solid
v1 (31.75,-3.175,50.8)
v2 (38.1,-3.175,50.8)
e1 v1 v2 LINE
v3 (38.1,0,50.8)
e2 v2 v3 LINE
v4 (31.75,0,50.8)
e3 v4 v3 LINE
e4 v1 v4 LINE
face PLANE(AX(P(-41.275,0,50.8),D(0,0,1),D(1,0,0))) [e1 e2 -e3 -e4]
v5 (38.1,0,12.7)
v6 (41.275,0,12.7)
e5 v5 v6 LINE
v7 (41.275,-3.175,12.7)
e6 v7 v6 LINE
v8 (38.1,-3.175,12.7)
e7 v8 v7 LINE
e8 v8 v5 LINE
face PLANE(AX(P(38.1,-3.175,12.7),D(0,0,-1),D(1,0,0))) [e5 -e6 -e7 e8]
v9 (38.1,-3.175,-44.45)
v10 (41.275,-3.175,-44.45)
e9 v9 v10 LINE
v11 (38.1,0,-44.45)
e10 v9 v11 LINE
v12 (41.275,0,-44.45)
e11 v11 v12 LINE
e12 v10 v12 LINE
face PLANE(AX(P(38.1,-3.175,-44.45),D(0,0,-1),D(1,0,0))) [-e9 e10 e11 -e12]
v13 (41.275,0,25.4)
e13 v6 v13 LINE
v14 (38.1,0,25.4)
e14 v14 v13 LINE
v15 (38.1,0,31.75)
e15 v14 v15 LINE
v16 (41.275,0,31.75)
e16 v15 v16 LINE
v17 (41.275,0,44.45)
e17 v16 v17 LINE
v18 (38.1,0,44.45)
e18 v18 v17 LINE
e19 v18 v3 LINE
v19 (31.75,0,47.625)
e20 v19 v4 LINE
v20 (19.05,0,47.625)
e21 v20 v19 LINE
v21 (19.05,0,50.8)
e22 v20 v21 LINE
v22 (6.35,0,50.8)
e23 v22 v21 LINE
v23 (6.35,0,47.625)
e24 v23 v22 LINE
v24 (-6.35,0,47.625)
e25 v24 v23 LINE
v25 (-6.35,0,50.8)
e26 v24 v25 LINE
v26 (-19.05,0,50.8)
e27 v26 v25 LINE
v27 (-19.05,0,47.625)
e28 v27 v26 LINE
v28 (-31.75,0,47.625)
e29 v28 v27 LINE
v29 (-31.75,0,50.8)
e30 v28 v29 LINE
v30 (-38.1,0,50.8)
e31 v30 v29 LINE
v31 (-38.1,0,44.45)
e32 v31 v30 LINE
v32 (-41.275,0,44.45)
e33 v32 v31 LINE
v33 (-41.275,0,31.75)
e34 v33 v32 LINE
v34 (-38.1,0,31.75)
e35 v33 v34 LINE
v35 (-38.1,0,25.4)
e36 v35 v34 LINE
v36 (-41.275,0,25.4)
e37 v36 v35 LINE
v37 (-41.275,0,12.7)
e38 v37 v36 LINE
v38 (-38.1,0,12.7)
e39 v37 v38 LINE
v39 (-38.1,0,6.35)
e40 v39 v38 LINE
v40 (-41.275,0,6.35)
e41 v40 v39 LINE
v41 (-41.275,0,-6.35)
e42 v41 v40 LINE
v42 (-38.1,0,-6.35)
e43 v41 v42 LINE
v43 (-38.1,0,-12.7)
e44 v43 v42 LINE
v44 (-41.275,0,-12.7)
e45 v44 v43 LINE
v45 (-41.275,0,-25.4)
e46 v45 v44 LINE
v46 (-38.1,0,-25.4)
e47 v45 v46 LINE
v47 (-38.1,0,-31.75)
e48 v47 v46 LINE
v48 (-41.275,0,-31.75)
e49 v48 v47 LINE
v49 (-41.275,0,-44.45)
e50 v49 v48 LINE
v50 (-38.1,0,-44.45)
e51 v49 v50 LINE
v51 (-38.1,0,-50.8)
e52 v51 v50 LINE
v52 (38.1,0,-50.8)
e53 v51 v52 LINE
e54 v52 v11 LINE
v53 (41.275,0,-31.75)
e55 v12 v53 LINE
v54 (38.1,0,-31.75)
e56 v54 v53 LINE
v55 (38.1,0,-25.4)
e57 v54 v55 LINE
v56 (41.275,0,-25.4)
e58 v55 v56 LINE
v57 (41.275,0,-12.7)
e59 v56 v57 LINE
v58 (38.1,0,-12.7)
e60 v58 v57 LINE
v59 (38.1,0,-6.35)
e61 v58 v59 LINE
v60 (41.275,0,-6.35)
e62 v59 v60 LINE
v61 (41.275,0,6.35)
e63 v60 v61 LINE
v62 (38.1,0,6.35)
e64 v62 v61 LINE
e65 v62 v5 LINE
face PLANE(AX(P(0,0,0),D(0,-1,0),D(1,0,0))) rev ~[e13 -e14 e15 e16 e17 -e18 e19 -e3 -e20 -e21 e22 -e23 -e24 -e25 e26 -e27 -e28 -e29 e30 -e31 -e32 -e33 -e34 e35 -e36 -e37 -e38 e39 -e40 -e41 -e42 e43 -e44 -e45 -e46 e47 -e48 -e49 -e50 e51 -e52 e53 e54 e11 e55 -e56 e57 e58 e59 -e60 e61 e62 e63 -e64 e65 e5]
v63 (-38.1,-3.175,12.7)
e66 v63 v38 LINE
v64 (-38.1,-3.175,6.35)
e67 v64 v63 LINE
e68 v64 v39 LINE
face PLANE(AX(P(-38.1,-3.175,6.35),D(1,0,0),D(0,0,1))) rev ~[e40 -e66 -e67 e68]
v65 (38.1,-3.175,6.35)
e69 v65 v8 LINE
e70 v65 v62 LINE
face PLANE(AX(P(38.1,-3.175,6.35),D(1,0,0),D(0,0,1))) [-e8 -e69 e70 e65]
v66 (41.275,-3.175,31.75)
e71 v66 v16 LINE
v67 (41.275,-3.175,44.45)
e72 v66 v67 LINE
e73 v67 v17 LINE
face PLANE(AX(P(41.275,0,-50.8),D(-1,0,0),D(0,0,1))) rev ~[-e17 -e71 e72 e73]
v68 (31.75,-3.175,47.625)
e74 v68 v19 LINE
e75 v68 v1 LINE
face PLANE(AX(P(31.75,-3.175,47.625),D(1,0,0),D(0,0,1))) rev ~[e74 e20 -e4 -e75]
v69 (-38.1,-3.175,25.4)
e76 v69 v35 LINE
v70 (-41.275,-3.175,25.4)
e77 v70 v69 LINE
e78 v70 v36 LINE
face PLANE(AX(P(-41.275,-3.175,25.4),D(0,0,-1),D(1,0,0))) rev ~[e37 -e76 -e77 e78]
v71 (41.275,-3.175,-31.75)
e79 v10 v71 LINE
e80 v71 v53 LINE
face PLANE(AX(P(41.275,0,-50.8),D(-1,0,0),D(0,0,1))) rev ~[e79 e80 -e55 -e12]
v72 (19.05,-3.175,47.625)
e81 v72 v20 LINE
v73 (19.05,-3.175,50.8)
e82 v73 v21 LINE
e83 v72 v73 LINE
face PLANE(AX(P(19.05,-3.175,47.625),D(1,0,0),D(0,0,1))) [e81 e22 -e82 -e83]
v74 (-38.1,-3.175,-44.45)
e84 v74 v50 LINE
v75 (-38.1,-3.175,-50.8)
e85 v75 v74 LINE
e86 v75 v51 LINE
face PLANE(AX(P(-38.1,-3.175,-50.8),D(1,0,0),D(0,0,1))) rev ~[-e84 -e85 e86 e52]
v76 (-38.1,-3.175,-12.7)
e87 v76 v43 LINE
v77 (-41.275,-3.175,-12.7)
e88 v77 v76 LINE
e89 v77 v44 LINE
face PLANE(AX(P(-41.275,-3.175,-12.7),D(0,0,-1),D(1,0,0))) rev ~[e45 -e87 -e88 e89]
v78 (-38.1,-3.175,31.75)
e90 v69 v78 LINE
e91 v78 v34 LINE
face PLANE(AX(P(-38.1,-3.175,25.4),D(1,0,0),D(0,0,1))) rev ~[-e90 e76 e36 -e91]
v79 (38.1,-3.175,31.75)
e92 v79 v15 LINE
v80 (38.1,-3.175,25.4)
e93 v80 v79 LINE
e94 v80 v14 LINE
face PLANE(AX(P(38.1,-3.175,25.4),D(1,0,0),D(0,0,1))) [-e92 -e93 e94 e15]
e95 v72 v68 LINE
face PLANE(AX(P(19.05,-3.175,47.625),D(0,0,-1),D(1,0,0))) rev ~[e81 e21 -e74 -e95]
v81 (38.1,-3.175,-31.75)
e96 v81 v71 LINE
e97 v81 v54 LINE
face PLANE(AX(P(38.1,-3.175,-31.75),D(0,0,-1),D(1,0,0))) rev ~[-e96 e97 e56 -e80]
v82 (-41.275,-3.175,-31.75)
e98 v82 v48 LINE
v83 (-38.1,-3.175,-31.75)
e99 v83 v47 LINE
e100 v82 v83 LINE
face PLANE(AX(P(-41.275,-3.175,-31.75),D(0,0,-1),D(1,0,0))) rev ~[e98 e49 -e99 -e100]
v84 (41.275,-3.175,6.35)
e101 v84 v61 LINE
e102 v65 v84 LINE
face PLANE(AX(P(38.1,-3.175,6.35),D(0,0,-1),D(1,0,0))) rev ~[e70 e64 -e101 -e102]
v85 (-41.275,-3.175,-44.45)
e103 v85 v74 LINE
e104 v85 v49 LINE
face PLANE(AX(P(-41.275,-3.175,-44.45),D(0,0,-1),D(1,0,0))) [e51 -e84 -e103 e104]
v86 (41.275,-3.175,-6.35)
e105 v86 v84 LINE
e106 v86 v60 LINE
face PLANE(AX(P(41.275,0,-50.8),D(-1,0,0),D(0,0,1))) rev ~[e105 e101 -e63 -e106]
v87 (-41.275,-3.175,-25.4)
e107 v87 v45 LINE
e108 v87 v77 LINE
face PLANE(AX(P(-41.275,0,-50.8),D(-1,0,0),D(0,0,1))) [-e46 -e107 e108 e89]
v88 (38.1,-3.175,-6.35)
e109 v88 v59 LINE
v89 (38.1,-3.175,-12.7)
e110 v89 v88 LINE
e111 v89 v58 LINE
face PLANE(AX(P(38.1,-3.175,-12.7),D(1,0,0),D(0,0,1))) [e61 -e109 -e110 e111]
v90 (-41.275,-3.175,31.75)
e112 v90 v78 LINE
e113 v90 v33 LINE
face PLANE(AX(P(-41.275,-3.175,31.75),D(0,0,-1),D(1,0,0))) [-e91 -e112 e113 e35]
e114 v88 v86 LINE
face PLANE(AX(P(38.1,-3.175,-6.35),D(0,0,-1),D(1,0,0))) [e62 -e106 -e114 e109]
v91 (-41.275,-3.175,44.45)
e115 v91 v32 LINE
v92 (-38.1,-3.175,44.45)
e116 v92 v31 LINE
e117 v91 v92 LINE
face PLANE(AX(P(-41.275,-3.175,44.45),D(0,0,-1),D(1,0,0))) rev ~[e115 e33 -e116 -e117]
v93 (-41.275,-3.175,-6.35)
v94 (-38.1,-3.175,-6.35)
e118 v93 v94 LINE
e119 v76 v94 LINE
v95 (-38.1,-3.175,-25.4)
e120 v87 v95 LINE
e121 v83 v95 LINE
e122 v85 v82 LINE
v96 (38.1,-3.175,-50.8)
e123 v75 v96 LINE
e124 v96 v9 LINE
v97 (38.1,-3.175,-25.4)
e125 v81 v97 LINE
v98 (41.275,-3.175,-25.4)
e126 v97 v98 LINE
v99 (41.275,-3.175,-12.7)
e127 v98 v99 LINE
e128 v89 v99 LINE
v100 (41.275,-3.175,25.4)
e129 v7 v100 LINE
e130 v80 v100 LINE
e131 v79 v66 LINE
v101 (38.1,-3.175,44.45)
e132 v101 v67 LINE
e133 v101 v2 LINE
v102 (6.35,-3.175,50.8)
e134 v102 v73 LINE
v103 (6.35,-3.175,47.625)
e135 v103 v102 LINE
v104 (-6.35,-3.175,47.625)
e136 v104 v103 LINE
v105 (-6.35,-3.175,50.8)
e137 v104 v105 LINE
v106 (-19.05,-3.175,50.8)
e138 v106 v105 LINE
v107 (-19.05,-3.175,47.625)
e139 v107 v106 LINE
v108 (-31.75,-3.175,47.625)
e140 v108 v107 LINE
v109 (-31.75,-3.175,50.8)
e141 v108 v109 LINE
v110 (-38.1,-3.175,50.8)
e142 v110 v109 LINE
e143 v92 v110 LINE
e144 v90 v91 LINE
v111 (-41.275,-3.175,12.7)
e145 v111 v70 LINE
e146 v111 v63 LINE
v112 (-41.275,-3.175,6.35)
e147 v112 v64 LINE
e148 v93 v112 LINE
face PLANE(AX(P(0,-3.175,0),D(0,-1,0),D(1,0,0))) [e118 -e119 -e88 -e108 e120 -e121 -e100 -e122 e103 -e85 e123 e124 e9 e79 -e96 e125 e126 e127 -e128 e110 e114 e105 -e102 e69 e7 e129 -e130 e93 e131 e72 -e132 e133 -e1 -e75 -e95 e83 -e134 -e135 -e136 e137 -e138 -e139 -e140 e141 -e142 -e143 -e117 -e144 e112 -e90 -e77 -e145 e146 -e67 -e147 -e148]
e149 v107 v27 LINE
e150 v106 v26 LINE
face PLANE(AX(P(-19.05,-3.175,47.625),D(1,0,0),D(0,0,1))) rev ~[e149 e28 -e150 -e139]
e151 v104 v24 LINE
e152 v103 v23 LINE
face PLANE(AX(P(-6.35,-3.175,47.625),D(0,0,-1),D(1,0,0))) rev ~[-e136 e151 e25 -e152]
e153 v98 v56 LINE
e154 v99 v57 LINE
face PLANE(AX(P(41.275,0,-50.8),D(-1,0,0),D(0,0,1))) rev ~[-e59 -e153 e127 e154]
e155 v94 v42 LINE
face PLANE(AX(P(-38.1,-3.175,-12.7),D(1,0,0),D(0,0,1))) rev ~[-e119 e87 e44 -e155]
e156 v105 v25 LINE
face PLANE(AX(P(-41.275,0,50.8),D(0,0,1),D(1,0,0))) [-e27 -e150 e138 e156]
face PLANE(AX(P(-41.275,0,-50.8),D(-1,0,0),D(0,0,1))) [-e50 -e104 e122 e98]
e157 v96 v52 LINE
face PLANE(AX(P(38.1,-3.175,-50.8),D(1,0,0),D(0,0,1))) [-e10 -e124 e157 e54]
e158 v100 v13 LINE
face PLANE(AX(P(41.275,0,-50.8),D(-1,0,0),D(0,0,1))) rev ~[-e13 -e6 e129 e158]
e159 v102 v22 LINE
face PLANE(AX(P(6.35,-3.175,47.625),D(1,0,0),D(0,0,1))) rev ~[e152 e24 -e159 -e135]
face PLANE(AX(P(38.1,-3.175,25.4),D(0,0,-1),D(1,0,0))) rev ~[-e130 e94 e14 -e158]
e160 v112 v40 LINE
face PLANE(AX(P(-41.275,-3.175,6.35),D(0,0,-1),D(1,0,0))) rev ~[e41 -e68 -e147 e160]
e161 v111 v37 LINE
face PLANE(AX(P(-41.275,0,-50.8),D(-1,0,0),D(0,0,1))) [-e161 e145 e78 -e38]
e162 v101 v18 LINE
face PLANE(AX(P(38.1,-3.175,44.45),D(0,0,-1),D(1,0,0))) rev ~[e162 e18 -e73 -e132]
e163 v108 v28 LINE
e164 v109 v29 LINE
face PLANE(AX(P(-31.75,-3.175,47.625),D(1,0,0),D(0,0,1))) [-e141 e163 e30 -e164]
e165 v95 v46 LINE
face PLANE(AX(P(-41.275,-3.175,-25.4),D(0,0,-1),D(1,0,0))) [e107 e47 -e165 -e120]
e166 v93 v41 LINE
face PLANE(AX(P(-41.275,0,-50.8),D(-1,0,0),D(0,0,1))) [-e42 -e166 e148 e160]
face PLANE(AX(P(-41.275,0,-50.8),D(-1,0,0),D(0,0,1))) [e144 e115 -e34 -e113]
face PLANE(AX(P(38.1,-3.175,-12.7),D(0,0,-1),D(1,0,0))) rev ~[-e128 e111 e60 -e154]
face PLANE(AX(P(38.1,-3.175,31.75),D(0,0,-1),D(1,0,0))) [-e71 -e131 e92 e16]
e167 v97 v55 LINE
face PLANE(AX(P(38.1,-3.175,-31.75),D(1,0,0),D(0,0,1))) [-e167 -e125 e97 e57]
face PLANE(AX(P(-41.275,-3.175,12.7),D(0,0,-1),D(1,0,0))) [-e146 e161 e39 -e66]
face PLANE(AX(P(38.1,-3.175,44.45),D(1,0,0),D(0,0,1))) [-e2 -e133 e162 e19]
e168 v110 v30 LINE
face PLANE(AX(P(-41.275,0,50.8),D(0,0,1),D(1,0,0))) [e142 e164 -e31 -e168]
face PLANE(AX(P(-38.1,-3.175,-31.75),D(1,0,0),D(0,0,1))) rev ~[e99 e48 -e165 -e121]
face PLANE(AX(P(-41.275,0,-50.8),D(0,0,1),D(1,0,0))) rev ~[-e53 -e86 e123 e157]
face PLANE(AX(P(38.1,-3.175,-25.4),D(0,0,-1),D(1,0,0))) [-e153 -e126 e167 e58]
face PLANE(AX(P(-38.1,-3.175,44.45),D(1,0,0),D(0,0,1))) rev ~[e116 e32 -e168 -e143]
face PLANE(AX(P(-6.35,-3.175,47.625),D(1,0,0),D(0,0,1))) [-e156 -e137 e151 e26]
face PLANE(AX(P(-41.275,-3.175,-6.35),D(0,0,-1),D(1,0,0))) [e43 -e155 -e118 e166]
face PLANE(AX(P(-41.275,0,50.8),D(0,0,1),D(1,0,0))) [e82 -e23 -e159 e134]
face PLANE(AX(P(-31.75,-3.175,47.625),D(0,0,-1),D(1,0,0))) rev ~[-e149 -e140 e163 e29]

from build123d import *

# Parameters (mm, degrees)
F0_W     = 82.55
F0_H     = 101.6
F1_DEPTH = 3.175
F2_W     = 3.175
F2_H     = 6.35
F3_DEPTH = 3.176
F4_W     = 12.7
F4_H     = 3.175
F5_DEPTH = 3.176


with BuildPart() as f1:
    # F0 (on Front) → F1 (new body)
    with BuildSketch(Plane.XZ):
        Rectangle(F0_W, F0_H)
    extrude(amount=F1_DEPTH)

    # F2 (on face) → F3 (cut, through all)
    with BuildSketch(Plane.XZ.offset(3.175)):
        with Locations((-39.6875, -47.625)):
            Rectangle(F2_W, F2_H)
        with Locations((-39.6875, -28.575)):
            Rectangle(F2_W, F2_H)
        with Locations((-39.6875, -9.525)):
            Rectangle(F2_W, F2_H)
        with Locations((-39.6875, 9.525)):
            Rectangle(F2_W, F2_H)
        with Locations((-39.6875, 28.575)):
            Rectangle(F2_W, F2_H)
        with Locations((-39.6875, 47.625)):
            Rectangle(F2_W, F2_H)
        with Locations((39.6875, -47.625)):
            Rectangle(F2_W, F2_H)
        with Locations((39.6875, -9.525)):
            Rectangle(F2_W, F2_H)
        with Locations((39.6875, 9.525)):
            Rectangle(F2_W, F2_H)
        with Locations((39.6875, -28.575)):
            Rectangle(F2_W, F2_H)
        with Locations((39.6875, 28.575)):
            Rectangle(F2_W, F2_H)
        with Locations((39.6875, 47.625)):
            Rectangle(F2_W, F2_H)
    extrude(amount=-F3_DEPTH, mode=Mode.SUBTRACT)

    # F4 (on face) → F5 (cut, through all)
    with BuildSketch(Plane.XZ.offset(3.175)):
        with Locations((-25.4, 49.2125)):
            Rectangle(F4_W, F4_H)
        with Locations((0, 49.2125)):
            Rectangle(F4_W, F4_H)
        with Locations((25.4, 49.2125)):
            Rectangle(F4_W, F4_H)
    extrude(amount=-F5_DEPTH, mode=Mode.SUBTRACT)


solid = f1.part
